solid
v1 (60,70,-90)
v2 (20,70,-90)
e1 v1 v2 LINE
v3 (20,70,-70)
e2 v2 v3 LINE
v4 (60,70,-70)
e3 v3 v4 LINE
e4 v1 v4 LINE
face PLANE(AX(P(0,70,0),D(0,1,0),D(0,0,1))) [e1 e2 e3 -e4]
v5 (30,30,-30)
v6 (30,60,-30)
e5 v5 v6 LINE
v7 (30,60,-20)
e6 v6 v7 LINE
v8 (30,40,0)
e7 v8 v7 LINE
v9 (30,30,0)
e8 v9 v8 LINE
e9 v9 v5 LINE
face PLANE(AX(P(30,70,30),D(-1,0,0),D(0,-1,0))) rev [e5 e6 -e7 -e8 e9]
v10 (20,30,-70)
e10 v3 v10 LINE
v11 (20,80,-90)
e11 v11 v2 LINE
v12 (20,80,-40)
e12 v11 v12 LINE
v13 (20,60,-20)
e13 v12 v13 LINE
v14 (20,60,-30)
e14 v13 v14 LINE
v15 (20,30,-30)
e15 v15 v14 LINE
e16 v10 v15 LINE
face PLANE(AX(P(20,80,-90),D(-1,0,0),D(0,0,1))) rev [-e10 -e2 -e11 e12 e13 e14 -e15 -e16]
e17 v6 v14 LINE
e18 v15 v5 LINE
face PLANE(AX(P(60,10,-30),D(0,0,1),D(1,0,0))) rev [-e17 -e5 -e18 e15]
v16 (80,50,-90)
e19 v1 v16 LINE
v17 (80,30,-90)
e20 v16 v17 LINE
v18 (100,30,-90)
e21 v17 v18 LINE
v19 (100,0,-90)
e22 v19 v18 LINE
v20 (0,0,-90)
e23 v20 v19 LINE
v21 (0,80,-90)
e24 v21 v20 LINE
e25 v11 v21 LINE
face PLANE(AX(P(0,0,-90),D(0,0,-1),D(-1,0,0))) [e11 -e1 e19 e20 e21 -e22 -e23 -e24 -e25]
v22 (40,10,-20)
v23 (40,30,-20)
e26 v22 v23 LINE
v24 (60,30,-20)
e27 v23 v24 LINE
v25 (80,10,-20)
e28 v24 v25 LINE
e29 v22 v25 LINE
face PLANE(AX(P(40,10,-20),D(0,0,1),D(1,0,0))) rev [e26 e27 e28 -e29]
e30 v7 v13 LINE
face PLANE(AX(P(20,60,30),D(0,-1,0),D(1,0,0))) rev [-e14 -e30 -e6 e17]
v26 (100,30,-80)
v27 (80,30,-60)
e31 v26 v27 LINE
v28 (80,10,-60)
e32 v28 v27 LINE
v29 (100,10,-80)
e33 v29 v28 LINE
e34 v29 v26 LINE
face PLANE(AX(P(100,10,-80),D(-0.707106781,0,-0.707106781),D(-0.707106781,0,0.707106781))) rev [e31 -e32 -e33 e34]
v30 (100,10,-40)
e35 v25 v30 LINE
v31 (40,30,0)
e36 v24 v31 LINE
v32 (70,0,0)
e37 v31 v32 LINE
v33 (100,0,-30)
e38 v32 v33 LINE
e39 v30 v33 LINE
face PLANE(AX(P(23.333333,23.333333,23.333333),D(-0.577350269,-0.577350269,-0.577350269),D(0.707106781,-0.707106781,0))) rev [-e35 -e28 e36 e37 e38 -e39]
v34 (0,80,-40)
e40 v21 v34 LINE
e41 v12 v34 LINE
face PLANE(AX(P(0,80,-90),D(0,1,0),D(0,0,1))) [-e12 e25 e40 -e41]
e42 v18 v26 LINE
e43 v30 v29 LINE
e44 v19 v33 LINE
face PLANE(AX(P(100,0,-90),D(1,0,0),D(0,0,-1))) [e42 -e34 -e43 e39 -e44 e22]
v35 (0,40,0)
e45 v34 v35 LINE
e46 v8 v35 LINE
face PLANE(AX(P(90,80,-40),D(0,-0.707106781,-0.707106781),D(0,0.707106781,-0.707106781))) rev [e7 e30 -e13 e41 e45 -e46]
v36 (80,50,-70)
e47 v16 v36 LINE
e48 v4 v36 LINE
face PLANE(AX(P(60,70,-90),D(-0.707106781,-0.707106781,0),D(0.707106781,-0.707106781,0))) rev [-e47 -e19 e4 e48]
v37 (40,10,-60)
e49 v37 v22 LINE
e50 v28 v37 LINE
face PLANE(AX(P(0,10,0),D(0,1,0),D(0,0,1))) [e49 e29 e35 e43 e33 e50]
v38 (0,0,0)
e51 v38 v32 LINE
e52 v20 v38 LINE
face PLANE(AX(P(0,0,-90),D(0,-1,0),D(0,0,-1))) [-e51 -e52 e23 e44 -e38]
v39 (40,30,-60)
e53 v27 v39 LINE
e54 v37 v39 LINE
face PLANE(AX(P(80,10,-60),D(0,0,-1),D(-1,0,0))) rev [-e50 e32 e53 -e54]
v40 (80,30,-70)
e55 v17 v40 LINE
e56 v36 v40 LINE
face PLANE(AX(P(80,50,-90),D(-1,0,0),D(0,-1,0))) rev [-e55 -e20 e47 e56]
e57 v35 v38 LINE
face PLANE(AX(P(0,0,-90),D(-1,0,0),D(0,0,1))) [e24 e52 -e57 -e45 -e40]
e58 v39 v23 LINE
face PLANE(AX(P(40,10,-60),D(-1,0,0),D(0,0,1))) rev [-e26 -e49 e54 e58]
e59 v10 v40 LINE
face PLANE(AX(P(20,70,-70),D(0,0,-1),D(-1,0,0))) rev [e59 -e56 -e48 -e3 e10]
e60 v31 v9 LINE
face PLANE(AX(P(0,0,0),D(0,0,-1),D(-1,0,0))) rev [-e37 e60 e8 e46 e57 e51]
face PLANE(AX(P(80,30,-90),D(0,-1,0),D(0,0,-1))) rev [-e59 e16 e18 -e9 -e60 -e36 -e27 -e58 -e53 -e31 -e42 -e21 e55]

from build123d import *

# Parameters (mm, degrees)
SKETCH3_W           = 100
SKETCH3_H           = 80
BOSS_EXTRUDE1_DEPTH = 90
CUT_EXTRUDE1_DEPTH  = 90
CUT_EXTRUDE2_DEPTH  = 90
CUT_EXTRUDE3_DEPTH  = 90
SKETCH8_W           = 40
SKETCH8_H           = 60
CUT_EXTRUDE4_DEPTH  = 60
SKETCH9_W           = 30
SKETCH9_H           = 30
CUT_EXTRUDE5_DEPTH  = 60
SKETCH10_W          = 10
SKETCH10_H          = 10
CUT_EXTRUDE6_DEPTH  = 60
SKETCH11_W          = 40
SKETCH11_H          = 60
BOSS_EXTRUDE2_DEPTH = 20
SKETCH12_W          = 40
SKETCH12_H          = 20
BOSS_EXTRUDE3_DEPTH = 40
SKETCH13_W          = 30
SKETCH13_H          = 10
CUT_EXTRUDE7_DEPTH  = 40
CUT_EXTRUDE8_DEPTH  = 40
CUT_EXTRUDE9_DEPTH  = 20
SKETCH17_W          = 20
SKETCH17_H          = 20
CUT_EXTRUDE10_DEPTH = 84
CUT_EXTRUDE12_DEPTH = 20
CUT_EXTRUDE15_DEPTH = 10
CUT_EXTRUDE17_DEPTH = 77
CUT_EXTRUDE19_DEPTH = 77
CUT_EXTRUDE20_DEPTH = 77
CUT_EXTRUDE21_DEPTH = 77


with BuildPart() as part:
    # Sketch3 → Boss-Extrude1 (new body)
    with BuildSketch(Plane.XY):
        with Locations((50, 40)):
            Rectangle(SKETCH3_W, SKETCH3_H)
    extrude(amount=-BOSS_EXTRUDE1_DEPTH)

    # Sketch4 → Cut-Extrude1 (cut)
    with BuildSketch(Plane.XY):
        Polygon((20, 80), (20, 70), (60, 70), (80, 50), (80, 30), (100, 30), (100, 80), align=None)
    extrude(amount=-CUT_EXTRUDE1_DEPTH, mode=Mode.SUBTRACT)

    # Sketch5 → Cut-Extrude2 (cut)
    with BuildSketch(Plane(origin=(0, 0, 0), x_dir=(-1, 0, 0), z_dir=(0, -1, 0))):
        Polygon((-70, 0), (-100, 30), (-100, 0), align=None)
    extrude(amount=-CUT_EXTRUDE2_DEPTH, mode=Mode.SUBTRACT)

    # Sketch7 → Cut-Extrude3 (cut)
    with BuildSketch(Plane.ZY):
        Polygon((-40, 80), (0, 40), (0, 80), align=None)
    extrude(amount=-CUT_EXTRUDE3_DEPTH, mode=Mode.SUBTRACT)

    # Sketch8 → Cut-Extrude4 (cut)
    with BuildSketch(Plane(origin=(0, 70, 0), x_dir=(1, 0, 0), z_dir=(0, 1, 0))):
        with Locations((40, 60)):
            Rectangle(SKETCH8_W, SKETCH8_H)
    extrude(amount=-CUT_EXTRUDE4_DEPTH, mode=Mode.SUBTRACT)

    # Sketch9 → Cut-Extrude5 (cut)
    with BuildSketch(Plane(origin=(0, 0, -30), x_dir=(-1, 0, 0), z_dir=(0, 0, -1))):
        with Locations((-45, 55)):
            Rectangle(SKETCH9_W, SKETCH9_H)
    extrude(amount=-CUT_EXTRUDE5_DEPTH, mode=Mode.SUBTRACT)

    # Sketch10 → Cut-Extrude6 (cut)
    with BuildSketch(Plane(origin=(0, 0, -30), x_dir=(-1, 0, 0), z_dir=(0, 0, -1))):
        with Locations((-25, 65)):
            Rectangle(SKETCH10_W, SKETCH10_H)
    extrude(amount=-CUT_EXTRUDE6_DEPTH, mode=Mode.SUBTRACT)

    # Sketch11 → Boss-Extrude2 (add)
    with BuildSketch(Plane(origin=(0, 10, 0), x_dir=(1, 0, 0), z_dir=(0, 1, 0))):
        with Locations((40, 60)):
            Rectangle(SKETCH11_W, SKETCH11_H)
    extrude(amount=BOSS_EXTRUDE2_DEPTH)

    # Sketch12 → Boss-Extrude3 (add)
    with BuildSketch(Plane(origin=(0, 30, 0), x_dir=(1, 0, 0), z_dir=(0, 1, 0))):
        with Locations((40, 80)):
            Rectangle(SKETCH12_W, SKETCH12_H)
    extrude(amount=BOSS_EXTRUDE3_DEPTH)

    # Sketch13 → Cut-Extrude7 (cut)
    with BuildSketch(Plane(origin=(0, 0, -30), x_dir=(-1, 0, 0), z_dir=(0, 0, -1))):
        with Locations((-45, 35)):
            Rectangle(SKETCH13_W, SKETCH13_H)
    extrude(amount=-CUT_EXTRUDE7_DEPTH, mode=Mode.SUBTRACT)

    # Sketch15 → Cut-Extrude8 (cut)
    with BuildSketch(Plane.ZY.offset(-60)):
        Polygon((-70, 70), (-70, 30), (0, 30), (0, 40), (-30, 70), align=None)
    extrude(amount=-CUT_EXTRUDE8_DEPTH, mode=Mode.SUBTRACT)

    # Sketch16 → Cut-Extrude9 (cut)
    with BuildSketch(Plane(origin=(0, 30, 0), x_dir=(1, 0, 0), z_dir=(0, 1, 0))):
        Polygon((100, 80), (80, 60), (40, 60), (40, 20), (80, 20), (100, 40), align=None)
    extrude(amount=-CUT_EXTRUDE9_DEPTH, mode=Mode.SUBTRACT)

    # Sketch17 → Cut-Extrude10 (cut)
    with BuildSketch(Plane.XY.offset(-50)):
        with Locations((90, 20)):
            Rectangle(SKETCH17_W, SKETCH17_H)
    extrude(amount=CUT_EXTRUDE10_DEPTH, mode=Mode.SUBTRACT)

    # Sketch19 → Cut-Extrude12 (cut)
    with BuildSketch(Plane.XY.offset(-10)):
        Polygon((80, 10), (60, 30), (80, 30), align=None)
    extrude(amount=CUT_EXTRUDE12_DEPTH, mode=Mode.SUBTRACT)

    # Sketch22 → Cut-Extrude15 (cut)
    with BuildSketch(Plane.XY.offset(-10)):
        Polygon((60, 30), (80, 30), (80, 10), align=None)
    extrude(amount=-CUT_EXTRUDE15_DEPTH, mode=Mode.SUBTRACT)

    # Sketch24 → Cut-Extrude17 (cut)
    with BuildSketch(Plane(origin=(23.333333333, 23.333333333, 23.333333333), x_dir=(0.40824829, 0.40824829, -0.816496581), z_dir=(0.577350269, 0.577350269, 0.577350269))):
        Polygon((53.07227776, -21.213203436), (28.577380332, -7.071067812), (28.577380332, -49.497474683), (53.07227776, -49.497474683), align=None)
    extrude(amount=CUT_EXTRUDE17_DEPTH, mode=Mode.SUBTRACT)

    # Sketch26 → Cut-Extrude19 (cut)
    with BuildSketch(Plane(origin=(35, -35, 0), x_dir=(0, 0, 1), z_dir=(-0.707106781, 0.707106781, 0))):
        Polygon((-20, 63.639610307), (-10, 63.639610307), (0, 49.497474683), align=None)
    extrude(amount=-CUT_EXTRUDE19_DEPTH, mode=Mode.SUBTRACT)

    # Sketch27 → Cut-Extrude20 (cut)
    with BuildSketch(Plane(origin=(45, 45, 0), x_dir=(0, 0, 1), z_dir=(-0.707106781, -0.707106781, 0))):
        Polygon((-20, -49.497474683), (-10, -49.497474683), (-20, -63.639610307), align=None)
    extrude(amount=-CUT_EXTRUDE20_DEPTH, mode=Mode.SUBTRACT)

    # Sketch30 → Cut-Extrude21 (cut)
    with BuildSketch(Plane(origin=(23.333333333, 23.333333333, 23.333333333), x_dir=(-0.816496581, 0.40824829, 0.40824829), z_dir=(-0.577350269, -0.577350269, -0.577350269))):
        Polygon((-69.402209379, 21.213203436), (-93.897106807, 35.355339059), (-93.897106807, 21.213203436), (-81.649658093, 14.142135624), align=None)
    extrude(amount=-CUT_EXTRUDE21_DEPTH, mode=Mode.SUBTRACT)


solid = part.part
